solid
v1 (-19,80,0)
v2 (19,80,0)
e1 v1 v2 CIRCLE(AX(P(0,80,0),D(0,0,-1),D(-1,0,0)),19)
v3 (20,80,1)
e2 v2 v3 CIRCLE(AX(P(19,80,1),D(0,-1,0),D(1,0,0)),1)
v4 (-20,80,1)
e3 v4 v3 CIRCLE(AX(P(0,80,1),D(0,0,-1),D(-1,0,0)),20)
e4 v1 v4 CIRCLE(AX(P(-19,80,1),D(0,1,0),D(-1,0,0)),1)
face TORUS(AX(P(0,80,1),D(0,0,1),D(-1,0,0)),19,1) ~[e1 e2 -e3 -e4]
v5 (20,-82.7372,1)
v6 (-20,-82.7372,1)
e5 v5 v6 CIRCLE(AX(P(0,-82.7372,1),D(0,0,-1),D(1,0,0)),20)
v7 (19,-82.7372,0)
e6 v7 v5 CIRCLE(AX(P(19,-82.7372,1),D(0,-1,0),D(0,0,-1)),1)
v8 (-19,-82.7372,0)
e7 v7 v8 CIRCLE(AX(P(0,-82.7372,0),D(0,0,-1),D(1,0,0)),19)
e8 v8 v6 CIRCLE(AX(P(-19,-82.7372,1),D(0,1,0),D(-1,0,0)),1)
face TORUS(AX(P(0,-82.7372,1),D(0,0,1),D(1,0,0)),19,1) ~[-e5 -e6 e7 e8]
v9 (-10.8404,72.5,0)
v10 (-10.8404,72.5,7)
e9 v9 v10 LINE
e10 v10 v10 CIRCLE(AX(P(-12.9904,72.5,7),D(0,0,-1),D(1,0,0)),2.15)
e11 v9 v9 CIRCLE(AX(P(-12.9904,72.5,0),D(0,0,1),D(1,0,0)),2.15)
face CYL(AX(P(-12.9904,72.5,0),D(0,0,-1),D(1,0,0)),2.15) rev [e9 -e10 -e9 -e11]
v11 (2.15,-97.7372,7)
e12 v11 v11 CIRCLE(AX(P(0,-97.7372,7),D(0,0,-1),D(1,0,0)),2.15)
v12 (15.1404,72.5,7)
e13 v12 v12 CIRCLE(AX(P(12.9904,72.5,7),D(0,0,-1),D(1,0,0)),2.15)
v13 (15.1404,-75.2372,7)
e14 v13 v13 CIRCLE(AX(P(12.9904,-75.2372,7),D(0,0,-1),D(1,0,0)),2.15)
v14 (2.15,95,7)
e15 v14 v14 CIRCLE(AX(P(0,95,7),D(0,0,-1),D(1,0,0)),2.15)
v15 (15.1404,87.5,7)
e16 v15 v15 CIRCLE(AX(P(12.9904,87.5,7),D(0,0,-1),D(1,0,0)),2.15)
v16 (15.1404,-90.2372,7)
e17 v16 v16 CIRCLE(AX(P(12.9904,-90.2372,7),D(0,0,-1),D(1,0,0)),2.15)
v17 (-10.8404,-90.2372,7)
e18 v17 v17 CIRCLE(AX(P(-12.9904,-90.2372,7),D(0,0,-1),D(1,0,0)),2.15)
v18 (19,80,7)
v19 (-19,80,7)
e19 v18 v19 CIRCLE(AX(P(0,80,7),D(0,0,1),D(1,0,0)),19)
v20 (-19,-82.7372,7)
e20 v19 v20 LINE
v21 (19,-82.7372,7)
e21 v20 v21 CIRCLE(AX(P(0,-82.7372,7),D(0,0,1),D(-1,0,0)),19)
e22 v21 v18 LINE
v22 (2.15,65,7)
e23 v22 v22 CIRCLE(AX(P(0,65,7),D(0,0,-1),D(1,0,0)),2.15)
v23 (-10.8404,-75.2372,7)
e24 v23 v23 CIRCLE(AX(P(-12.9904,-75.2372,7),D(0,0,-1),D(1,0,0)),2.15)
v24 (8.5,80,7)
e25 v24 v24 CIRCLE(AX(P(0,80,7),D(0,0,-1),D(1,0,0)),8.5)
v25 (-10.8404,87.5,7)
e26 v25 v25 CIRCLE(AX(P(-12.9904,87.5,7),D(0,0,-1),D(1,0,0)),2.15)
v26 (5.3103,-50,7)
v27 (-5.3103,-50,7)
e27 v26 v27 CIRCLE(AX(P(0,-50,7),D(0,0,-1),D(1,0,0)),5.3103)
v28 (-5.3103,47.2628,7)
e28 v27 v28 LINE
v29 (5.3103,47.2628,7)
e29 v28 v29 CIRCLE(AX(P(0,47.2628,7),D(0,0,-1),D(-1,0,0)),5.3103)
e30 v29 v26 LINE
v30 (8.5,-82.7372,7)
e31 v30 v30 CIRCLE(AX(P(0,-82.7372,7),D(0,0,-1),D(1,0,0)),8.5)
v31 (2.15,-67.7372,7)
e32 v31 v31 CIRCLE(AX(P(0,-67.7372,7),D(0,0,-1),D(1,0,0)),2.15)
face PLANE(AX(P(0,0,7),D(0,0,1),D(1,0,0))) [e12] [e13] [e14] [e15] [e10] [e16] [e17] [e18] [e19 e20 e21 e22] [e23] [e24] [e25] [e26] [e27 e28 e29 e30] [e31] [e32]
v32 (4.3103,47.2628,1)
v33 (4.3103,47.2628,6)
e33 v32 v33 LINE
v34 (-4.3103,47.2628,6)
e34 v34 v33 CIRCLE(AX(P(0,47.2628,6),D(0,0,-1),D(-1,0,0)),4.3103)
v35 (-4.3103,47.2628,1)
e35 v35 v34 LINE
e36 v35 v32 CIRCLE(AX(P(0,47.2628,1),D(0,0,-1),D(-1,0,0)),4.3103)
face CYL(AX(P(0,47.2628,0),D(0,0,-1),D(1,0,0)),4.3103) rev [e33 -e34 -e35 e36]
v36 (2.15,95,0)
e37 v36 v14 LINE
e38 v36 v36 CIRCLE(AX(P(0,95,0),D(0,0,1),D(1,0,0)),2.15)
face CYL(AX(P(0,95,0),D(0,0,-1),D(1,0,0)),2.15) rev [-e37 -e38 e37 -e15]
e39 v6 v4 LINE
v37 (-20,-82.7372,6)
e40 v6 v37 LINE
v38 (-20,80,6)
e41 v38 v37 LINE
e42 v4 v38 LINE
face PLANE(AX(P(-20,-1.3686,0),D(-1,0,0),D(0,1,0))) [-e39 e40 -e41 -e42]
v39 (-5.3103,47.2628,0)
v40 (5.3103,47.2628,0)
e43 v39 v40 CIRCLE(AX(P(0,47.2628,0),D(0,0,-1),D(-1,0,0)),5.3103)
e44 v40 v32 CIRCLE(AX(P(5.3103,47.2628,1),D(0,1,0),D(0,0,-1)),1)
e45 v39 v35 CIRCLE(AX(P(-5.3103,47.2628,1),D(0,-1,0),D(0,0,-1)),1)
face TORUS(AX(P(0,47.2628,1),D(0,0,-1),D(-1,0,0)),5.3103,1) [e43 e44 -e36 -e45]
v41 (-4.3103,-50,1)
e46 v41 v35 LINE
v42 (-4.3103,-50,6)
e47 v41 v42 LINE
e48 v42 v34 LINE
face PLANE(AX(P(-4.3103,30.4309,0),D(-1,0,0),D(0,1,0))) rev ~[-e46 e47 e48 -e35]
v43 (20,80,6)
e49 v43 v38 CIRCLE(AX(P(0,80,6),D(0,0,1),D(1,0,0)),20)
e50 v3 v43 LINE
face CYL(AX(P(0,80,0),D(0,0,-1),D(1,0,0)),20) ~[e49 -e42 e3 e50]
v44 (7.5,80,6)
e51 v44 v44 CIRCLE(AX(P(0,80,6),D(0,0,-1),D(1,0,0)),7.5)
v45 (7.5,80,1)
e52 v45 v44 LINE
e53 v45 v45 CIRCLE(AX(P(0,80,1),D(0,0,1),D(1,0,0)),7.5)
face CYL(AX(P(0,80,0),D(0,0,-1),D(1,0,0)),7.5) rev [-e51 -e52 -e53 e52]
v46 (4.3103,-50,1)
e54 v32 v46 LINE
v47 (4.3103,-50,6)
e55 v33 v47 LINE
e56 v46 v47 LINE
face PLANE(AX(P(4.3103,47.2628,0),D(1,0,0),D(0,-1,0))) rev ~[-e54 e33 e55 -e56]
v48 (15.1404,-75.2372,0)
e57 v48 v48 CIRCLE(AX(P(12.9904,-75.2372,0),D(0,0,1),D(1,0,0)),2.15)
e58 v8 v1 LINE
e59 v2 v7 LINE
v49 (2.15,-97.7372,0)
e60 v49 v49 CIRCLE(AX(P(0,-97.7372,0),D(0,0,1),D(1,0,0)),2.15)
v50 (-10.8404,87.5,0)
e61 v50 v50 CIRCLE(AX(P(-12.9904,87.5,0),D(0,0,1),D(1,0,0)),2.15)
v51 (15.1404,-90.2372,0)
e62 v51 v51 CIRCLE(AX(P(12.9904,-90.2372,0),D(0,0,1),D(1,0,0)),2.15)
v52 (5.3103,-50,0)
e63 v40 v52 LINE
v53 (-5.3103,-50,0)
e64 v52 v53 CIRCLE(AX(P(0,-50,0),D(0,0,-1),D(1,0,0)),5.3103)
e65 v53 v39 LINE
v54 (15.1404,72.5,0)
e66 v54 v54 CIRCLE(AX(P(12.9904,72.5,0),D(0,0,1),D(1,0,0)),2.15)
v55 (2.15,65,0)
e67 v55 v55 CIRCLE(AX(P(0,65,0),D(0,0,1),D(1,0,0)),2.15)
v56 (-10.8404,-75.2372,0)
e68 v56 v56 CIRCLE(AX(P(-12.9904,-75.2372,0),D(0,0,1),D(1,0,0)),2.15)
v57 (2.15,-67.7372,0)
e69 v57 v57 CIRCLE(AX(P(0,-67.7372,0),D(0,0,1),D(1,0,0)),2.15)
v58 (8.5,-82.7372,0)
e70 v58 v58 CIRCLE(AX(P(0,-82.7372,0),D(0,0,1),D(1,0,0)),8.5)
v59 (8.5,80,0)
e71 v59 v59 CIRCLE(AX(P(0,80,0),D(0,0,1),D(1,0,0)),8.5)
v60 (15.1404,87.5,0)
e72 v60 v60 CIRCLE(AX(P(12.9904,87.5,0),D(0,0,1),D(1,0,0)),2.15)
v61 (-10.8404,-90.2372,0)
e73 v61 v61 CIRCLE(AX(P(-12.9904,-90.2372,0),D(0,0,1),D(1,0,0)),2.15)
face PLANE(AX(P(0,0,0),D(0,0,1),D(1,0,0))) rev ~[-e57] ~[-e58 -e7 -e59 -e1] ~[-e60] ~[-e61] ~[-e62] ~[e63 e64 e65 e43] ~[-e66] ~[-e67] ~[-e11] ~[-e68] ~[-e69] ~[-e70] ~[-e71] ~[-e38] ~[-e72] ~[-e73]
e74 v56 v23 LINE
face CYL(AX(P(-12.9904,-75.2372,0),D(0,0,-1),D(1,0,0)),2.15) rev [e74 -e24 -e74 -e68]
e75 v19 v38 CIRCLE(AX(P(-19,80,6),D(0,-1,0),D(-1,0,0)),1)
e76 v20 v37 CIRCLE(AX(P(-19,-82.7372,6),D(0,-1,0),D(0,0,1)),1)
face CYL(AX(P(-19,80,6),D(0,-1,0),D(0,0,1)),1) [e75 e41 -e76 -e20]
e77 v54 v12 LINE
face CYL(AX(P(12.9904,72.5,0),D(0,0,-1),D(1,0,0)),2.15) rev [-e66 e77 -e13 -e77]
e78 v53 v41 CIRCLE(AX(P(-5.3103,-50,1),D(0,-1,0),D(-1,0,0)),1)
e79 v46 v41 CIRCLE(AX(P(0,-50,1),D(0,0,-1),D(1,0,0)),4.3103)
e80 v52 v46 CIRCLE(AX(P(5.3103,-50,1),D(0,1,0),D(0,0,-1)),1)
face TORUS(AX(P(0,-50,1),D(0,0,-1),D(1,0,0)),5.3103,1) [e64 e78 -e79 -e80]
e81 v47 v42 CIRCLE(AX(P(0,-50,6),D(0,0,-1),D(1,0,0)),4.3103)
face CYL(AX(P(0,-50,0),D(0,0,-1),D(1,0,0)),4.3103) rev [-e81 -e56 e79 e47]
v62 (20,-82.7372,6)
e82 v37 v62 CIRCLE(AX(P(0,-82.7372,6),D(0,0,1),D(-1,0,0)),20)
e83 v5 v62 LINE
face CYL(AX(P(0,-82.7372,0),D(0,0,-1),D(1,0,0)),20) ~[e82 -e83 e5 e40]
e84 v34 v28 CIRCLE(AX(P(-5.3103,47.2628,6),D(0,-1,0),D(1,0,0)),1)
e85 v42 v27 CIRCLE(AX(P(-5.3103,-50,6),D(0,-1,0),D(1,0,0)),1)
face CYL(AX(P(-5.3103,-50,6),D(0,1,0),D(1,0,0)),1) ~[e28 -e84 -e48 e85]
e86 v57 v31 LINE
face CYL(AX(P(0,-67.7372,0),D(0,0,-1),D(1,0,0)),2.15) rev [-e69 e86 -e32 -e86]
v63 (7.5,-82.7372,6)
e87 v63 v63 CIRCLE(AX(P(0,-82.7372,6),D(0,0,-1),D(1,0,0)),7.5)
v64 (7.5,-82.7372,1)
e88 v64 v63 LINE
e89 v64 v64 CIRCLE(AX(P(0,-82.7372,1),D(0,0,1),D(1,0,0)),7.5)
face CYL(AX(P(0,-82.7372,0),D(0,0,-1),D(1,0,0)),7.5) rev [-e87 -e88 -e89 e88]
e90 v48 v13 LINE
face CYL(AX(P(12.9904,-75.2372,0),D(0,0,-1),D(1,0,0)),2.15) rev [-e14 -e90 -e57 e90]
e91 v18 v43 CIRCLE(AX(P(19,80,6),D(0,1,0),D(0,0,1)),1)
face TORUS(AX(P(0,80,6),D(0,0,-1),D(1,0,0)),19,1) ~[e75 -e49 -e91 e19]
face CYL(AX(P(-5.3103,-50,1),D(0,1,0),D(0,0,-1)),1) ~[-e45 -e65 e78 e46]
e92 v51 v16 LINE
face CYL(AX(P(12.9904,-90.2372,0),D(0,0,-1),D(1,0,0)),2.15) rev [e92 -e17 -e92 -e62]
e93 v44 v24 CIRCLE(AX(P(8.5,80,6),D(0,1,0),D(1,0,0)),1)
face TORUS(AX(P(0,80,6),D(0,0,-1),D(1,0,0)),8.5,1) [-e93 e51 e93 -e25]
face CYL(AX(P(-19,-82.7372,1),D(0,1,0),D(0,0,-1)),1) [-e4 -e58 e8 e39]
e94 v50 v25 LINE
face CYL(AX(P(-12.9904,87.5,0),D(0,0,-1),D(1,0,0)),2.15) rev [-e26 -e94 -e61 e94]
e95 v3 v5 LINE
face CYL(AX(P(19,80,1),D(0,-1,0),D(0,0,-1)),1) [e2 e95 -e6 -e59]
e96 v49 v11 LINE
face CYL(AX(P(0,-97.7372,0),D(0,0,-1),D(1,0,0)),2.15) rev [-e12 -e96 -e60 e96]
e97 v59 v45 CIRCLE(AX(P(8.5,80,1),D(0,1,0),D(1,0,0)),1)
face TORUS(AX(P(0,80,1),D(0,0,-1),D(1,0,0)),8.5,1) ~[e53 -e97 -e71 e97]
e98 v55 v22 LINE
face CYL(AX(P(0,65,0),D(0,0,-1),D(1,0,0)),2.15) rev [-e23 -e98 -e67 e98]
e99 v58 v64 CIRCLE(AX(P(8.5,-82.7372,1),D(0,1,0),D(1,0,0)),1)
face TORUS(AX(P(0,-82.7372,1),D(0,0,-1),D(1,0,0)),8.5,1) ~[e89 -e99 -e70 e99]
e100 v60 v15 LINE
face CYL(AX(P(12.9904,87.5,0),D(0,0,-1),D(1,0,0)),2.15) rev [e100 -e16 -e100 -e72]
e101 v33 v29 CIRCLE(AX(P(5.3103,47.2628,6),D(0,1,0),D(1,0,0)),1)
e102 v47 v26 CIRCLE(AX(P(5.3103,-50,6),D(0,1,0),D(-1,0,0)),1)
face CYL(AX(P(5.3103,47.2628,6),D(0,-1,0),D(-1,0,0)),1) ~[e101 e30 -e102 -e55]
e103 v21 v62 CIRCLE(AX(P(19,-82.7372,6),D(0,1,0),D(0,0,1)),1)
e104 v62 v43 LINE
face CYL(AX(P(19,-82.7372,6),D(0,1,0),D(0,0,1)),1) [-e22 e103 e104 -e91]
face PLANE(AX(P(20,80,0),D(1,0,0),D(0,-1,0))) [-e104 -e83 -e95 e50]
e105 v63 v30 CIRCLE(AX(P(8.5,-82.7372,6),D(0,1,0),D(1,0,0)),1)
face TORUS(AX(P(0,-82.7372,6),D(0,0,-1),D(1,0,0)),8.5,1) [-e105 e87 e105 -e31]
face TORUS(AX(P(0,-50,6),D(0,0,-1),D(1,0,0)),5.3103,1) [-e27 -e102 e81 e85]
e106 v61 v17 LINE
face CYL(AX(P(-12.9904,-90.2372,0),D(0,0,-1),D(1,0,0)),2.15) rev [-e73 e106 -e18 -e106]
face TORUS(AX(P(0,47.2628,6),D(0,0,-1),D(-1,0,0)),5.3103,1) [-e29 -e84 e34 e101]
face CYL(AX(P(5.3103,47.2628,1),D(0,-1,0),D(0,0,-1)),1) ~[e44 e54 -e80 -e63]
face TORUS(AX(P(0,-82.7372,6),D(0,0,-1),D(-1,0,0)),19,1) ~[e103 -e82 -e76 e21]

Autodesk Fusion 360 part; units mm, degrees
sketch "Sketch1" plane through (0, 0, 0) normal (0, 0, 1) x (1, 0, 0)
  line L0 (0, 0) -> (0, 100)
  line L1 (0, 0) -> (0, 80)
  circle A0 centre (0, 80) radius 15
  circle A1 centre (0, 95) radius 2.15
  circle A2 centre (-12.9904, 87.5) radius 2.15
  circle A3 centre (-12.9904, 72.5) radius 2.15
  circle A4 centre (0, 65) radius 2.15
  circle A5 centre (12.9904, 72.5) radius 2.15
  circle A6 centre (12.9904, 87.5) radius 2.15
  circle A7 centre (0, 80) radius 20
  line L2 (0, 80) -> (-20, 80)
  line L3 (0, 80) -> (20, 80)
  line L4 (-20, 80) -> (20, 80)
  line L5 (20, 80) -> (20, -1.3686)
  line L6 (20, -1.3686) -> (-20, -1.3686)
  line L7 (-20, -1.3686) -> (-20, 80)
  circle A8 centre (0, 47.2628) radius 4.3103
  line L8 (0, 47.2628) -> (-4.3103, 47.2628)
  line L9 (0, 47.2628) -> (4.3103, 47.2628)
  line L10 (-4.3103, 47.2628) -> (4.3103, 47.2628)
  line L11 (4.3103, 47.2628) -> (4.3103, -33.1681)
  line L12 (4.3103, -33.1681) -> (-4.3103, -33.1681)
  line L13 (-4.3103, -33.1681) -> (-4.3103, 47.2628)
  line L14 (-20, -1.3686) -> (-20, -82.7372)
  circle A9 centre (0, -97.7372) radius 2.15
  line L15 (0, -2.7372) -> (0, -82.7372)
  line L16 (0, -82.7372) -> (-20, -82.7372)
  line L17 (20, -82.7372) -> (20, -1.3686)
  circle A10 centre (-12.9904, -90.2372) radius 2.15
  line L18 (0, -2.7372) -> (0, -102.7372)
  line L19 (-4.3103, -50) -> (4.3103, -50)
  line L20 (4.3103, -50) -> (4.3103, 30.4309)
  circle A11 centre (12.9904, -75.2372) radius 2.15
  line L21 (0, -50) -> (-4.3103, -50)
  line L22 (-20, -82.7372) -> (20, -82.7372)
  circle A12 centre (0, -82.7372) radius 20
  line L23 (-4.3103, 30.4309) -> (-4.3103, -50)
  line L24 (20, -1.3686) -> (-20, -1.3686)
  line L25 (0, -50) -> (4.3103, -50)
  circle A13 centre (0, -50) radius 4.3103
  line L26 (4.3103, 30.4309) -> (-4.3103, 30.4309)
  circle A14 centre (0, -67.7372) radius 2.15
  circle A15 centre (-12.9904, -75.2372) radius 2.15
  circle A16 centre (0, -82.7372) radius 15
  line L27 (0, -82.7372) -> (20, -82.7372)
  circle A17 centre (12.9904, -90.2372) radius 2.15
  circle A18 centre (0, 80) radius 7.5
  circle A19 centre (0, -82.7372) radius 7.5
  point P0 (0, -2.7372)
  dimension "d6" = 100
  dimension "d7" = 80
  dimension "d8" = 30
  dimension "d9" = 4.3
  dimension "d11" = 360
  dimension "d18" = 15
  dimension "d21" = 15
extrude "Extrude1" add sketch "Sketch1" along normal blind 7 contours L0 L1 A7 L5 L6 A8 L11 L20 L24 | L0 L1 A7 L6 L7 A8 L13 L23 L24 | L6 L11 L15 L17 L18 L20 A12 L24 A13 | L6 L13 L14 L15 L18 A12 L23 L24 A13 | L0 L1 A0 A3 A4 A7 L2 L4 | L0 L1 A0 A4 A5 A7 L3 L4 | L0 A0 A1 A6 A7 L3 L4 | A9 L18 L22 A12 A16 L27 A17 | L15 L18 A11 L22 A12 A14 A16 L27 | L0 A0 A1 A2 A7 L2 L4 | L15 L16 L18 L22 A12 A14 A15 A16 | A9 L16 A10 L18 L22 A12 A16 | L0 A0 A1 A6 L3 L4 A18 | L0 L1 A0 A4 A5 L3 L4 A18 | A9 L18 L22 A16 L27 A17 A19 | L15 L18 A11 L22 A14 A16 L27 A19 | L0 L1 A0 A3 A4 L2 L4 A18 | L0 A0 A1 A2 L2 L4 A18 | L15 L16 L18 L22 A14 A15 A16 A19 | A9 L16 A10 L18 L22 A16 A19
fillet "Fillet1" radius 1 8 edges at (20, -1.3686, 7) (0, 100, 7) (-20, -1.3686, 7) (0, -102.7372, 7) (0, 100, 0) (20, -1.3686, 0) (0, -102.7372, 0) (-20, -1.3686, 0)
fillet "Fillet2" radius 1 8 edges at (-4.3103, -1.3686, 7) (0, 51.5732, 7) (4.3103, -1.3686, 7) (0, -54.3103, 7) (4.3103, -1.3686, 0) (0, -54.3103, 0) (-4.3103, -1.3686, 0) (0, 51.5732, 0)
fillet "Fillet3" radius 1 4 edges at (-6.9925, 82.7121, 7) (-6.9925, 82.7121, 0) (-6.9925, -80.0251, 7) (-6.9925, -80.0251, 0)
